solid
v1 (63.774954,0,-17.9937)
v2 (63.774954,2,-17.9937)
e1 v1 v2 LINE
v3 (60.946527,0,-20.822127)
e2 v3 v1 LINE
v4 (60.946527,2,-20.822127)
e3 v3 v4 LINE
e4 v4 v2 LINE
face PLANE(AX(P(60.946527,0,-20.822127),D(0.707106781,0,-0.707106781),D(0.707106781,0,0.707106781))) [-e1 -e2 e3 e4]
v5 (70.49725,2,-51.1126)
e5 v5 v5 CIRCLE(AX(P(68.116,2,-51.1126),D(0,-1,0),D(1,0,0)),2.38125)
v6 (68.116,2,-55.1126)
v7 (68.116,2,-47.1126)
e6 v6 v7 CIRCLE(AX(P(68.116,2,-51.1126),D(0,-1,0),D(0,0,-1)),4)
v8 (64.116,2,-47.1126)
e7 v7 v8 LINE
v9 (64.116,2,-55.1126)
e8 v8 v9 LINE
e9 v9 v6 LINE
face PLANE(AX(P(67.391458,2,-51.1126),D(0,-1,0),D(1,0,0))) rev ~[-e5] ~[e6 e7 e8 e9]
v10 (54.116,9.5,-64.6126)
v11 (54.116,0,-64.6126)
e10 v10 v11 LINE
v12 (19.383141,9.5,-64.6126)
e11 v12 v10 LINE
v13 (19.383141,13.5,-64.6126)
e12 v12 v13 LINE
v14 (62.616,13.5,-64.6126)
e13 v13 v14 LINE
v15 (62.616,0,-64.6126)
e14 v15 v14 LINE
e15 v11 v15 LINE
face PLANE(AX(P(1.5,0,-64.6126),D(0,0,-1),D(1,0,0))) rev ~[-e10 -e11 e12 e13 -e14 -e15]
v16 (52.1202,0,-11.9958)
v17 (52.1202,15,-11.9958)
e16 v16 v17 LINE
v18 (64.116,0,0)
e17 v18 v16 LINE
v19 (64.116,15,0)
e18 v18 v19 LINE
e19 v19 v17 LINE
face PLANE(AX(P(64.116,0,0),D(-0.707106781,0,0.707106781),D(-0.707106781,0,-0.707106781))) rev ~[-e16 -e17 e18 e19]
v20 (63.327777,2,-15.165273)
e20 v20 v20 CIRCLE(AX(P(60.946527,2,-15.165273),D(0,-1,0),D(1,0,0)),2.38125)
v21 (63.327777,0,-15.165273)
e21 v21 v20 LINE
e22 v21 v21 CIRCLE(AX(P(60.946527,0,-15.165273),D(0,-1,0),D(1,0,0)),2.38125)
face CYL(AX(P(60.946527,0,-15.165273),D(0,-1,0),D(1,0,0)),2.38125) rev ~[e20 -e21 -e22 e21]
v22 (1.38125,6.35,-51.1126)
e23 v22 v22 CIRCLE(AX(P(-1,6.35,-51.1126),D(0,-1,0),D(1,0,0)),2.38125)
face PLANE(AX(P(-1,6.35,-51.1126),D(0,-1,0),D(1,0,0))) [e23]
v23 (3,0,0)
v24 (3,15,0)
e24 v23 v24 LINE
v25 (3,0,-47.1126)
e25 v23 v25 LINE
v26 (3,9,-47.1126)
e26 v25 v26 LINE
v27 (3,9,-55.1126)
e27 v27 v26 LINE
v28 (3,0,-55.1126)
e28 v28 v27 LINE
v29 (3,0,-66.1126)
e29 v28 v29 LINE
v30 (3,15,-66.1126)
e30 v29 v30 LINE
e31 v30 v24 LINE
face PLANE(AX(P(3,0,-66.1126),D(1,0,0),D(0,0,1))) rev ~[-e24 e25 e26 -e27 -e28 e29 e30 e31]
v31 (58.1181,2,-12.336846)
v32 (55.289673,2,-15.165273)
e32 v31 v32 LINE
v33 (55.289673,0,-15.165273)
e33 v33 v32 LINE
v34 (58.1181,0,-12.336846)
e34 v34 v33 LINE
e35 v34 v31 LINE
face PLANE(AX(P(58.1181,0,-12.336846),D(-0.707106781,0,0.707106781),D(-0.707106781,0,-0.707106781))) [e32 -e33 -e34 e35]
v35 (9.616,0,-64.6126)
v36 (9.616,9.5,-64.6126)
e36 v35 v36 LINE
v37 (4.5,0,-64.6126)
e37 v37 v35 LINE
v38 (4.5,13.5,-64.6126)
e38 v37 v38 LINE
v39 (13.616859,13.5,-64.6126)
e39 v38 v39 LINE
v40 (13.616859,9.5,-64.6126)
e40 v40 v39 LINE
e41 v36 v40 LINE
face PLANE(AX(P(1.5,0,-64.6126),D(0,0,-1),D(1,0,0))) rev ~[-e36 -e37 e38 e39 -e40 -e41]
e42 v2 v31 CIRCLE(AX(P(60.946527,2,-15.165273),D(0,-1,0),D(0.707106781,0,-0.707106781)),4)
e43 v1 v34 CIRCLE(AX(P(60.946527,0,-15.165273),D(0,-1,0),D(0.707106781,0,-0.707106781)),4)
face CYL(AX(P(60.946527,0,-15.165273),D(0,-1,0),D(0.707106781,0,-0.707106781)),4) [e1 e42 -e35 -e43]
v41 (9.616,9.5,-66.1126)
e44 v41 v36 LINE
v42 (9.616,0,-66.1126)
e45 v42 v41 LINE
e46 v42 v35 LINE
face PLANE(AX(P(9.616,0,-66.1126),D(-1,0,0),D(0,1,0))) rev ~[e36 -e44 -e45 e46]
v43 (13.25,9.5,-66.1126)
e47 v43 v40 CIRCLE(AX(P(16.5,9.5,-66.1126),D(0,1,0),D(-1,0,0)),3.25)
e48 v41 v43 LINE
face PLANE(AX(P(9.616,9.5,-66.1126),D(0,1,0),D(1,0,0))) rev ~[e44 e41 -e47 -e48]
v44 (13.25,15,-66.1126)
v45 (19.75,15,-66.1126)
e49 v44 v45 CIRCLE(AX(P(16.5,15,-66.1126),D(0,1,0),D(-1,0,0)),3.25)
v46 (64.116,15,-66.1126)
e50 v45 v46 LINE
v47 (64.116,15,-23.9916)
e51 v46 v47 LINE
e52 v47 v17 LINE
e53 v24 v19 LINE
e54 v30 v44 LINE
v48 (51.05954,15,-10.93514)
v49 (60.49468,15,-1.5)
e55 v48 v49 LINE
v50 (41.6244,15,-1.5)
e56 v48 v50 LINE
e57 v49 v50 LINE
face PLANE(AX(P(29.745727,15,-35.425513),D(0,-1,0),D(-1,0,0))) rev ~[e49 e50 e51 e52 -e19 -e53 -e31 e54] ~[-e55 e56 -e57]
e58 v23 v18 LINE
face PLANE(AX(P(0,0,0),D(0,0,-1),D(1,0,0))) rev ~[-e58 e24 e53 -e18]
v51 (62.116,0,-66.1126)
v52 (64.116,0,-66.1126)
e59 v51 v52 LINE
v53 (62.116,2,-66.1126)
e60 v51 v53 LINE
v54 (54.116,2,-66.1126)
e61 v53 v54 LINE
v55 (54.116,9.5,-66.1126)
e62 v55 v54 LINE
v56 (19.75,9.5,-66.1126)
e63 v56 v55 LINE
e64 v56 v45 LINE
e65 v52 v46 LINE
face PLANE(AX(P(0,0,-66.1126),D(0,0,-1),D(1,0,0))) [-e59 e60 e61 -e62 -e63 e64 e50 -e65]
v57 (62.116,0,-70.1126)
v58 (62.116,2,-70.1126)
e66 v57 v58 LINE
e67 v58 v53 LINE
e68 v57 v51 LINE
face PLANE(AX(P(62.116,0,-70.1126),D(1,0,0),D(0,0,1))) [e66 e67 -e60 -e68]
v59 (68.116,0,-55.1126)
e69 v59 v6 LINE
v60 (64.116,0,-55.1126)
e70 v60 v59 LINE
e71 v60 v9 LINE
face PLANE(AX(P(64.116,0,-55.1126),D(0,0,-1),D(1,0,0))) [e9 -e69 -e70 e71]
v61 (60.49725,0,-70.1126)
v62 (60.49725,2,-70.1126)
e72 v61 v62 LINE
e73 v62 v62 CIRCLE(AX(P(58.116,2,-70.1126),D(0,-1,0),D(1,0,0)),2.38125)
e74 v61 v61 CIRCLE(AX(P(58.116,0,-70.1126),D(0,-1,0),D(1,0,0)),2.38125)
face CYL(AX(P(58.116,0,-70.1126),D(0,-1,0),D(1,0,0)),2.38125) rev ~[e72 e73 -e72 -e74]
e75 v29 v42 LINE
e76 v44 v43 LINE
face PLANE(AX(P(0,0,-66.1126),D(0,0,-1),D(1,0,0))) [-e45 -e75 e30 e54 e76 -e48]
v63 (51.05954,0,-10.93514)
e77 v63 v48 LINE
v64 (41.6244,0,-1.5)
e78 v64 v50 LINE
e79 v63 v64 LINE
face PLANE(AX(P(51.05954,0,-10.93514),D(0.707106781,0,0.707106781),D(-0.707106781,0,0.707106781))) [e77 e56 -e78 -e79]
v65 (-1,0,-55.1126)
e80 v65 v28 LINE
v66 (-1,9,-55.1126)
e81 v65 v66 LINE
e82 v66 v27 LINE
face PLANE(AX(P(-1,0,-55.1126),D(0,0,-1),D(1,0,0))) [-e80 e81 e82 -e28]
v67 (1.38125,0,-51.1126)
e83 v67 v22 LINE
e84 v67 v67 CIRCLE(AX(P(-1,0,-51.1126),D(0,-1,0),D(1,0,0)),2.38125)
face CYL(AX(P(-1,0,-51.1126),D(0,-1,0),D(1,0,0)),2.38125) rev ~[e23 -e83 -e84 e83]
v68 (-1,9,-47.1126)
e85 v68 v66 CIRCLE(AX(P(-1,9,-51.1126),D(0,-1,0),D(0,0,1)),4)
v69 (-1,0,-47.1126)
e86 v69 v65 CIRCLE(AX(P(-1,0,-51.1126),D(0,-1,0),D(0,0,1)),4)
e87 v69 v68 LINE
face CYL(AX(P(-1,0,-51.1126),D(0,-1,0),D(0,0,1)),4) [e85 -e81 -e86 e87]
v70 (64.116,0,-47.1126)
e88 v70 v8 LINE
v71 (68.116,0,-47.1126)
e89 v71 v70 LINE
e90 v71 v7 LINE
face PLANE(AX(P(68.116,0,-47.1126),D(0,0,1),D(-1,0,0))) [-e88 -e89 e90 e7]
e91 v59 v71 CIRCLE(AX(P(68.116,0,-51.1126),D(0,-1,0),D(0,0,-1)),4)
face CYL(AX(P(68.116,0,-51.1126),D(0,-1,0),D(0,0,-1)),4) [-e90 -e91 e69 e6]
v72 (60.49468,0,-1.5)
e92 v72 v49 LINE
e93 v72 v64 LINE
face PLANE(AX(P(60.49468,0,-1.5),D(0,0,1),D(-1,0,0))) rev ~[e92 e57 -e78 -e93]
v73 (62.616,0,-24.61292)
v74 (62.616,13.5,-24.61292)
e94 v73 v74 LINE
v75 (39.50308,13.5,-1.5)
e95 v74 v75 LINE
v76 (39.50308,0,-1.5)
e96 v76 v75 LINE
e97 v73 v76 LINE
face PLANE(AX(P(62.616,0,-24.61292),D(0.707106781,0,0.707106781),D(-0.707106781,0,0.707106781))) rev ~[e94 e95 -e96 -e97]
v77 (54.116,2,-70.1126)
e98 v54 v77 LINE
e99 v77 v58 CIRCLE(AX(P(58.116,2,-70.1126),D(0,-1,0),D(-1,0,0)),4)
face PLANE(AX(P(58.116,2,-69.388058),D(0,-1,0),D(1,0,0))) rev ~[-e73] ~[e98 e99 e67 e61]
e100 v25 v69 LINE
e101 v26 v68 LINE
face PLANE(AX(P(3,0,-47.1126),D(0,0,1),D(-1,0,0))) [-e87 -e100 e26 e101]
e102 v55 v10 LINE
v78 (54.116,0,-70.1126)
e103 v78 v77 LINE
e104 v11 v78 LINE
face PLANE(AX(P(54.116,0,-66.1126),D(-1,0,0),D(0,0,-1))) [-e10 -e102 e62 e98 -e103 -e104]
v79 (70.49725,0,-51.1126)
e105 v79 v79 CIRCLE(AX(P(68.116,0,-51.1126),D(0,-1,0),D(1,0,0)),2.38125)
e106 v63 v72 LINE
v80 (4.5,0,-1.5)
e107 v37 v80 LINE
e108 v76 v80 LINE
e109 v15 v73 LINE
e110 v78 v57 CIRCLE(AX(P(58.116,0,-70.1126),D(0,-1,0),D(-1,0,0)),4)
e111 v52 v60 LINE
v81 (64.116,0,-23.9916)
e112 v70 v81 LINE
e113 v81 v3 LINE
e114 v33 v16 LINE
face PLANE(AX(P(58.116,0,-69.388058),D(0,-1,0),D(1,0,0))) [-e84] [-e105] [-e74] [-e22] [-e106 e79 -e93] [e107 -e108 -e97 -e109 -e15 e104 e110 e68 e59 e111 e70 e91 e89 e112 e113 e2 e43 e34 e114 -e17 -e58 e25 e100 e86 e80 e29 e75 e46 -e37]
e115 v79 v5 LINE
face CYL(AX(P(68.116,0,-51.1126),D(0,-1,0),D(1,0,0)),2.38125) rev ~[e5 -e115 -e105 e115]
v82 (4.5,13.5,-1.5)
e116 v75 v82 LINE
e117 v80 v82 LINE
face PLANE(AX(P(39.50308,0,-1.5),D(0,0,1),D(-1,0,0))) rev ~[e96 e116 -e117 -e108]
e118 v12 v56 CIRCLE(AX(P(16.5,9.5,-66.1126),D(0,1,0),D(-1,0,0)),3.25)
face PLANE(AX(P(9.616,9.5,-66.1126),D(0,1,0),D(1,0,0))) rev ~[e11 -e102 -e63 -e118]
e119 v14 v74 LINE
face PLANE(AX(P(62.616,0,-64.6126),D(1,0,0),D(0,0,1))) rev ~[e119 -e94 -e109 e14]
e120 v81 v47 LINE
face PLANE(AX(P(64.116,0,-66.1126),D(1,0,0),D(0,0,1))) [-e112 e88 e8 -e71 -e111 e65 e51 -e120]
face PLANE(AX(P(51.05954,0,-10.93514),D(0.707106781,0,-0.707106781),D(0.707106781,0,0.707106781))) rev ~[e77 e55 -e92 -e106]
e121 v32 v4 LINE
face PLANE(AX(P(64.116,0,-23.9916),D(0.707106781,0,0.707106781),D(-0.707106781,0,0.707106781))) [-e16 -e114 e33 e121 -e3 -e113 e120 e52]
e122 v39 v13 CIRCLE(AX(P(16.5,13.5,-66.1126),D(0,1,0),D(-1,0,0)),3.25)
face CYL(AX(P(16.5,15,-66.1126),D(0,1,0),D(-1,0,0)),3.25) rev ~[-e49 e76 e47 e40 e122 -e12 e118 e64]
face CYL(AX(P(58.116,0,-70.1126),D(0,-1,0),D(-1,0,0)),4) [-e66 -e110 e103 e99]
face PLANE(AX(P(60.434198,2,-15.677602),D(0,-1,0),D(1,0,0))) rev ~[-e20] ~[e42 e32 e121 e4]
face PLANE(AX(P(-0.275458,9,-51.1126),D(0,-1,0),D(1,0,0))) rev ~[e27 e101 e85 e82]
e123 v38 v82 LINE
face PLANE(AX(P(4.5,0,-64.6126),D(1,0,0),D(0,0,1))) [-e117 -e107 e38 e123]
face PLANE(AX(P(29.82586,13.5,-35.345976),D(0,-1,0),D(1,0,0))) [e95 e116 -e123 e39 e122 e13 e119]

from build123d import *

# Parameters (mm, degrees)
BOSS_EXTRUDE2_DEPTH  = 15
CUT_EXTRUDE1_DEPTH   = 13.5
SKETCH4_W            = 22
SKETCH4_H            = 1.5
CUT_EXTRUDE2_DEPTH   = 7.5
CUT_EXTRUDE3_DEPTH   = 1.5
CUT_EXTRUDE4_DEPTH   = 10
SKETCH21_W           = 1.5
SKETCH21_H           = 63.1126
BOSS_EXTRUDE6_DEPTH  = 13.5
CUT_EXTRUDE7_DEPTH   = 16
BOSS_EXTRUDE7_DEPTH  = 2
BOSS_EXTRUDE8_DEPTH  = 2
BOSS_EXTRUDE9_DEPTH  = 2
BOSS_EXTRUDE10_DEPTH = 9
SKETCH29_R           = 2.38125
CUT_EXTRUDE8_DEPTH   = 16
SKETCH31_R           = 2.38125
CUT_EXTRUDE9_DEPTH   = 6.35


with BuildPart() as part:
    # Sketch2 → Boss-Extrude2 (new body)
    with BuildSketch(Plane(origin=(0, 0, 0), x_dir=(1, 0, 0), z_dir=(0, 1, 0))):
        Polygon((40.1244, 0), (0, 0), (0, 66.1126), (64.116, 66.1126), (64.116, 23.9916), align=None)
        Polygon((41.6244, 1.5), (40.1244, 0), (64.116, 0), (52.1202, 11.9958), (51.059539828, 10.935139828), (60.494679656, 1.5), align=None)
    extrude(amount=BOSS_EXTRUDE2_DEPTH)

    # Sketch3 → Cut-Extrude1 (cut)
    with BuildSketch(Plane.XZ):
        Polygon((1.5, -64.6126), (62.616, -64.6126), (62.616, -24.612920344), (39.503079656, -1.5), (1.5, -1.5), align=None)
    extrude(amount=-CUT_EXTRUDE1_DEPTH, mode=Mode.SUBTRACT)

    # Sketch4 → Cut-Extrude2 (cut)
    with BuildSketch(Plane.XZ):
        with Locations((30.616, -65.3626)):
            Rectangle(SKETCH4_W, SKETCH4_H)
    extrude(amount=-CUT_EXTRUDE2_DEPTH, mode=Mode.SUBTRACT)

    # Sketch16 → Cut-Extrude3 (cut)
    with BuildSketch(Plane(origin=(0, 0, -66.1126), x_dir=(-1, 0, 0), z_dir=(0, 0, -1))):
        Polygon((-19.616, 0), (-9.616, 0), (-9.616, 9.5), (-54.116, 9.5), (-54.116, 0), (-41.616, 0), (-41.616, 7.5), (-19.616, 7.5), align=None)
    extrude(amount=-CUT_EXTRUDE3_DEPTH, mode=Mode.SUBTRACT)

    # Sketch18 → Cut-Extrude4 (cut)
    with BuildSketch(Plane(origin=(0, 15, 0), x_dir=(1, 0, 0), z_dir=(0, 1, 0))):
        with BuildLine():
            ThreePointArc((19.75, 66.1126), (16.5, 69.3626), (13.25, 66.1126))
            Line((13.25, 66.1126), (16.5, 66.1126))
            Line((16.5, 66.1126), (19.75, 66.1126))
        make_face()
        with BuildLine():
            Line((16.5, 66.1126), (13.25, 66.1126))
            ThreePointArc((13.25, 66.1126), (16.5, 62.8626), (19.75, 66.1126))
            Line((19.75, 66.1126), (16.5, 66.1126))
        make_face()
    extrude(amount=-CUT_EXTRUDE4_DEPTH, mode=Mode.SUBTRACT)

    # Sketch21 → Boss-Extrude6 (add)
    with BuildSketch(Plane.XZ):
        with Locations((3.75, -33.0563)):
            Rectangle(SKETCH21_W, SKETCH21_H)
    extrude(amount=-BOSS_EXTRUDE6_DEPTH)

    # Sketch24 → Cut-Extrude7 (cut, through all)
    with BuildSketch(Plane.XZ):
        Polygon((3, -1.5), (3, 0), (0, 0), (0, -66.1126), (3, -66.1126), align=None)
    extrude(amount=-CUT_EXTRUDE7_DEPTH, mode=Mode.SUBTRACT)

    # Sketch25 → Boss-Extrude7 (add)
    with BuildSketch(Plane.XZ):
        with BuildLine():
            Line((62.116, -70.1126), (62.116, -66.1126))
            Line((62.116, -66.1126), (58.116, -66.1126))
            Line((58.116, -66.1126), (54.116, -66.1126))
            Line((54.116, -66.1126), (54.116, -70.1126))
            ThreePointArc((54.116, -70.1126), (58.116, -74.1126), (62.116, -70.1126))
        make_face()
    extrude(amount=-BOSS_EXTRUDE7_DEPTH)

    # Sketch26 → Boss-Extrude8 (add)
    with BuildSketch(Plane.XZ):
        with BuildLine():
            Line((64.116, -51.1126), (64.116, -55.1126))
            Line((64.116, -55.1126), (68.116, -55.1126))
            ThreePointArc((68.116, -55.1126), (72.116, -51.1126), (68.116, -47.1126))
            Line((68.116, -47.1126), (64.116, -47.1126))
            Line((64.116, -47.1126), (64.116, -51.1126))
        make_face()
    extrude(amount=-BOSS_EXTRUDE8_DEPTH)

    # Sketch27 → Boss-Extrude9 (add)
    with BuildSketch(Plane.XZ):
        with BuildLine():
            ThreePointArc((63.774954249, -17.9937), (63.774954249, -12.336845751), (58.1181, -12.336845751))
            Line((58.1181, -12.336845751), (55.289672875, -15.165272875))
            Line((55.289672875, -15.165272875), (58.1181, -17.9937))
            Line((58.1181, -17.9937), (60.946527125, -20.822127125))
            Line((60.946527125, -20.822127125), (63.774954249, -17.9937))
        make_face()
    extrude(amount=-BOSS_EXTRUDE9_DEPTH)

    # Sketch28 → Boss-Extrude10 (add)
    with BuildSketch(Plane.XZ):
        with BuildLine():
            Line((-1, -55.1126), (3, -55.1126))
            Line((3, -55.1126), (3, -51.1126))
            Line((3, -51.1126), (3, -47.1126))
            Line((3, -47.1126), (-1, -47.1126))
            ThreePointArc((-1, -47.1126), (-5, -51.1126), (-1, -55.1126))
        make_face()
    extrude(amount=-BOSS_EXTRUDE10_DEPTH)

    # Sketch29 → Cut-Extrude8 (cut, through all)
    with BuildSketch(Plane.XZ):
        with Locations((60.946527125, -15.165272875)):
            Circle(SKETCH29_R)
        with Locations((68.116, -51.1126)):
            Circle(SKETCH29_R)
        with Locations((58.116, -70.1126)):
            Circle(SKETCH29_R)
    extrude(amount=-CUT_EXTRUDE8_DEPTH, mode=Mode.SUBTRACT)

    # Sketch31 → Cut-Extrude9 (cut)
    with BuildSketch(Plane.XZ):
        with Locations((-1, -51.1126)):
            Circle(SKETCH31_R)
    extrude(amount=-CUT_EXTRUDE9_DEPTH, mode=Mode.SUBTRACT)


solid = part.part
